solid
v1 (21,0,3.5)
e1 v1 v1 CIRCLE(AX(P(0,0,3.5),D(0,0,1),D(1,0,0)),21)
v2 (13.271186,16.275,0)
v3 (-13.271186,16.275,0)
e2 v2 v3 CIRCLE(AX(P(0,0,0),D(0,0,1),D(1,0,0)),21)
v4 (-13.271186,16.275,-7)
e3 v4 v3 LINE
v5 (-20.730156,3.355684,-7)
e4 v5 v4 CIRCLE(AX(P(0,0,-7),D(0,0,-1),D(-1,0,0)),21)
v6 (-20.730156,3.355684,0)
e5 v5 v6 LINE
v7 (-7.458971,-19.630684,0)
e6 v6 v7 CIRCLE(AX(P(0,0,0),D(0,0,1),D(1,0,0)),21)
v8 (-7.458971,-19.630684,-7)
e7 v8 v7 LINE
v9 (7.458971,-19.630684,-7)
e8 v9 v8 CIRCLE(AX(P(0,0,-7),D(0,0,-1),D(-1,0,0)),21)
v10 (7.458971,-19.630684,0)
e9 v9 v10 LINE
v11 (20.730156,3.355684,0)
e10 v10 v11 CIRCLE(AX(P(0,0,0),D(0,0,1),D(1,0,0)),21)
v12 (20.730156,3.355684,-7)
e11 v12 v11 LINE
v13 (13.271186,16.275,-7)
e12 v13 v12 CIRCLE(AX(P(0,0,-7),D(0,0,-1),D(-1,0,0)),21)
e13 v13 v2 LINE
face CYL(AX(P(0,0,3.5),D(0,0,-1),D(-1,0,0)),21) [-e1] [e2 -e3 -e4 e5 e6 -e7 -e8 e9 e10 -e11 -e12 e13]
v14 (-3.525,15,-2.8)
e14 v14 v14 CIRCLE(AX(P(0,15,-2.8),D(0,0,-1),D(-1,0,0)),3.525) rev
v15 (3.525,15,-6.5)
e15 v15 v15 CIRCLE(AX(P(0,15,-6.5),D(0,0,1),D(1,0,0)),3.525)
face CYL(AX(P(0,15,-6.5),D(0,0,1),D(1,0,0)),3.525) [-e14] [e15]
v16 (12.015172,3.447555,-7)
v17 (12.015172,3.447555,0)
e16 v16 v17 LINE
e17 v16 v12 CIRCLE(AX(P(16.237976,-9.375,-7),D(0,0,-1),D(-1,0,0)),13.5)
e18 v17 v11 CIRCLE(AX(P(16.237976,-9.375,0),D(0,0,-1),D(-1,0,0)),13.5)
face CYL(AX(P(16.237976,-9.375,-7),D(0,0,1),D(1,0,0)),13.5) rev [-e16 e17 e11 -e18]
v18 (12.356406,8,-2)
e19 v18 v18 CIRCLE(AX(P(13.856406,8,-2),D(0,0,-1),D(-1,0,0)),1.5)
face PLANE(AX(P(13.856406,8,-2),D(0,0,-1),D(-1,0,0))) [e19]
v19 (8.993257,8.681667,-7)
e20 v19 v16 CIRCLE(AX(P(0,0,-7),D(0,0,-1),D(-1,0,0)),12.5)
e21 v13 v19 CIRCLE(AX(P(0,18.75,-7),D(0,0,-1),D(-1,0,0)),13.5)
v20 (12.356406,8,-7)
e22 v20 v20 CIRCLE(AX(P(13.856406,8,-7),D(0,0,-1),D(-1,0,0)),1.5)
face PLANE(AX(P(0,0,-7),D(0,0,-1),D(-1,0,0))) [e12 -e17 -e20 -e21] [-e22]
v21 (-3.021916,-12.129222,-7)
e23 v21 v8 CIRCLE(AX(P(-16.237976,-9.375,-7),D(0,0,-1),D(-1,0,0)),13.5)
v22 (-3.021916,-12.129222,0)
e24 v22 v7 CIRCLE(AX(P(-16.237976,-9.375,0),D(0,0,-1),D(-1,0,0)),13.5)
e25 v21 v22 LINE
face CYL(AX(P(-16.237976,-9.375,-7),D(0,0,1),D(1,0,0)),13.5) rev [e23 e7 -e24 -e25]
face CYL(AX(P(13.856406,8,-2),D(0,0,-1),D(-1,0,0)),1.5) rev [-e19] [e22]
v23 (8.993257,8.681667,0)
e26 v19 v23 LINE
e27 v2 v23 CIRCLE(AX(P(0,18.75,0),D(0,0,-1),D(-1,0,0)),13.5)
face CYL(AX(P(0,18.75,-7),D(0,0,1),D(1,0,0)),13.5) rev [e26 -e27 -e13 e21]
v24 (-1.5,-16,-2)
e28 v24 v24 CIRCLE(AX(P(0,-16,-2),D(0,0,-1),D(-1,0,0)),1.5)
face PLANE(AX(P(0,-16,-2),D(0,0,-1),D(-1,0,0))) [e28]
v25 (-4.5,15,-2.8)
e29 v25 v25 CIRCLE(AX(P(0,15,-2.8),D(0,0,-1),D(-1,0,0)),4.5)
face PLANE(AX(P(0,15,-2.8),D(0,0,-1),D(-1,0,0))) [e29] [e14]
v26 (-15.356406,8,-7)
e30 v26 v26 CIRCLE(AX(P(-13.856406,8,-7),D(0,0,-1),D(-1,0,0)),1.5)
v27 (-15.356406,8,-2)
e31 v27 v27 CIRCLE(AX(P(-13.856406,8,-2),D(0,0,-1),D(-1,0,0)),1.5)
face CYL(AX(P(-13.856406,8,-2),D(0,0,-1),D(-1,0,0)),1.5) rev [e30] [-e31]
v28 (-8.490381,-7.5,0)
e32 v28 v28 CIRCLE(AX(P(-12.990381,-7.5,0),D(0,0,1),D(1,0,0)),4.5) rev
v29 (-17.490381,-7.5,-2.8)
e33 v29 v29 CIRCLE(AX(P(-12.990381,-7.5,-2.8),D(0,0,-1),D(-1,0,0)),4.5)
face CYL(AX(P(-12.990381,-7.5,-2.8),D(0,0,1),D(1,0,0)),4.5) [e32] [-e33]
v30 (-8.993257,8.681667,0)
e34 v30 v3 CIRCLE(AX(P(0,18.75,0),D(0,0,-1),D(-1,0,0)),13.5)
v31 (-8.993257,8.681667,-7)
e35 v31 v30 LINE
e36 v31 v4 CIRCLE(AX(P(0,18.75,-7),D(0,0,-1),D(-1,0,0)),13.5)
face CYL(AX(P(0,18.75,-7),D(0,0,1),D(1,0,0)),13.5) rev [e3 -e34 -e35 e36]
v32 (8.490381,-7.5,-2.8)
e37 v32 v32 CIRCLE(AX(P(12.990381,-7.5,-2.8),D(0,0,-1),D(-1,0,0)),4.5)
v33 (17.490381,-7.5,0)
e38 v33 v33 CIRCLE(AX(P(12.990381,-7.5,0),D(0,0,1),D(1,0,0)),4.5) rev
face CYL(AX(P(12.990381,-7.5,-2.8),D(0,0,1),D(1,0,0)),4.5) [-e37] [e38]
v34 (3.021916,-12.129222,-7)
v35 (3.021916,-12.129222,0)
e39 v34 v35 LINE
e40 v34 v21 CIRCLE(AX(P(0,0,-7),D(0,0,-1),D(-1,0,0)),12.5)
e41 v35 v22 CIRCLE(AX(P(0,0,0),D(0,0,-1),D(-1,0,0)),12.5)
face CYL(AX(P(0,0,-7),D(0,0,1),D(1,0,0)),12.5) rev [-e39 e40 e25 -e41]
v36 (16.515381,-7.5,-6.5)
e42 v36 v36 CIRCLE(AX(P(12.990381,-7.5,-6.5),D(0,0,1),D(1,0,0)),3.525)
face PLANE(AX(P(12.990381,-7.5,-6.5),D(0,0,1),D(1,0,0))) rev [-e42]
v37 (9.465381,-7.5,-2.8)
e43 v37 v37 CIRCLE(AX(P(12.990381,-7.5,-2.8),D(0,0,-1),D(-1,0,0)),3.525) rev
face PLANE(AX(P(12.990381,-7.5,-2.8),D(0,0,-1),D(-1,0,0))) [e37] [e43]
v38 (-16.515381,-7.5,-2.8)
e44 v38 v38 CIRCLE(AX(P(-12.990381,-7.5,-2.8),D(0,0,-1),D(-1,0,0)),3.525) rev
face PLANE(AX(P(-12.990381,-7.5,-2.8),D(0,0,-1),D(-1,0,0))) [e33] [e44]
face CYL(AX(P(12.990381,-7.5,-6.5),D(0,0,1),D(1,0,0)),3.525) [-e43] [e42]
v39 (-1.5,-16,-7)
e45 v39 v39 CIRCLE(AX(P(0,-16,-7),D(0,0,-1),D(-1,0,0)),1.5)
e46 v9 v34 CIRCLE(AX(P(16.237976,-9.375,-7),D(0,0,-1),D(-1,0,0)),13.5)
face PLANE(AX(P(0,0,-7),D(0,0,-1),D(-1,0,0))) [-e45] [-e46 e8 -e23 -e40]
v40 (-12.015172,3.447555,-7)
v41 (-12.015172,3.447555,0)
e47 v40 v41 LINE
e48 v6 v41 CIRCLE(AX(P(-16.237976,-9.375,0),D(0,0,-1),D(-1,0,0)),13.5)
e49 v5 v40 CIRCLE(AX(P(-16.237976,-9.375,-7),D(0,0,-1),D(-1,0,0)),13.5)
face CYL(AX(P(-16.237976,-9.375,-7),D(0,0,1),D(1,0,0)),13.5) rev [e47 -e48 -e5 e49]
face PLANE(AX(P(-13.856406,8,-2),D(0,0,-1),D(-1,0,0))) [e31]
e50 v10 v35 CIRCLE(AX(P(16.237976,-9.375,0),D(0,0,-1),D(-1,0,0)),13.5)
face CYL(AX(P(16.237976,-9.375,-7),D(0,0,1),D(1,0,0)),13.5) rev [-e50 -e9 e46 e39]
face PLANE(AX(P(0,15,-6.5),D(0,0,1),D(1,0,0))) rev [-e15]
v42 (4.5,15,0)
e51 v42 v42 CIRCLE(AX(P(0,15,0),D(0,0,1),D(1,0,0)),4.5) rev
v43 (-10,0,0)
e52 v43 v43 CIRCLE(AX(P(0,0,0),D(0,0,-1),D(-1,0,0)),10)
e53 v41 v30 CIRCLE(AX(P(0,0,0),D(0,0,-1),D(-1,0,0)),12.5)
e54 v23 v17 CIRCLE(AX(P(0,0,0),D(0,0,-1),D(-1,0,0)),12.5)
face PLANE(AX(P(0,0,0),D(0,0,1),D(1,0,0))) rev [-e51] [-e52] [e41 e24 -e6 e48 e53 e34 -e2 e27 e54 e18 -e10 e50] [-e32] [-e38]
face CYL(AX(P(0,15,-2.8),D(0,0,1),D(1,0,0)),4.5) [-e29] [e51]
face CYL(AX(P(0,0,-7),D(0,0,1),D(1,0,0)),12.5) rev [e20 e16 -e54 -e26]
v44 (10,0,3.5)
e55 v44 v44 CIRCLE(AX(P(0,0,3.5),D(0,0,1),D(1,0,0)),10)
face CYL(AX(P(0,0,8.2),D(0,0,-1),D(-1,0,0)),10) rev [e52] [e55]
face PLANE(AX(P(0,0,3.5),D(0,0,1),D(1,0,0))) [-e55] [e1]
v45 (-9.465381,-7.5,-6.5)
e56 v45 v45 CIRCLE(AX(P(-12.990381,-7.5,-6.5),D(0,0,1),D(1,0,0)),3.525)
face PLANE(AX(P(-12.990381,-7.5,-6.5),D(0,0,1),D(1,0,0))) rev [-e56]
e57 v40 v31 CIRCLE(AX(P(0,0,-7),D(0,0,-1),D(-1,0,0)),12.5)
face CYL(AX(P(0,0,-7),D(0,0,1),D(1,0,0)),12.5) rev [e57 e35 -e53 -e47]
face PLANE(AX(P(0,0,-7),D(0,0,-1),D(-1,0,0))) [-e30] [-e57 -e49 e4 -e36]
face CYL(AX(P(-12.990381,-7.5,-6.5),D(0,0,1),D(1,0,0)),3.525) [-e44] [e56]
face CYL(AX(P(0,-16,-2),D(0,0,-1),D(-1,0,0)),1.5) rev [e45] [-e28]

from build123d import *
from build123d.topology import SkipClean

# Parameters (mm, degrees)
SKETCH1_R           = 21
BOSS_EXTRUDE1_DEPTH = 3.5
SKETCH4_R           = 10
CUT_EXTRUDE1_DEPTH  = 8.2
SKETCH11_R          = 1.5
CUT_EXTRUDE2_DEPTH  = 10
BOSS_EXTRUDE2_START = 7
BOSS_EXTRUDE2_DEPTH = 7
SKETCH14_R          = 1.5
CUT_EXTRUDE3_DEPTH  = 5
SKETCH16_R          = 3.525
BOSS_EXTRUDE3_DEPTH = 10
SKETCH17_R          = 4.5
BOSS_EXTRUDE4_DEPTH = 2.8


with BuildPart() as part:
    # Sketch1 → Boss-Extrude1 (new body)
    with BuildSketch(Plane.XY):
        Circle(SKETCH1_R)
    extrude(amount=BOSS_EXTRUDE1_DEPTH)

    # Sketch4 → Cut-Extrude1 (cut)
    with BuildSketch(Plane(origin=(0, 0, 0), x_dir=(-1, 0, 0), z_dir=(0, 0, -1))):
        Circle(SKETCH4_R)
    extrude(amount=-CUT_EXTRUDE1_DEPTH, mode=Mode.SUBTRACT)

    # Sketch11 → Cut-Extrude2 (cut)
    with BuildSketch(Plane(origin=(0, 0, 0), x_dir=(-1, 0, 0), z_dir=(0, 0, -1))):
        with Locations((0, 15)):
            Circle(SKETCH11_R)
        with Locations((12.990381057, -7.5)):
            Circle(SKETCH11_R)
        with Locations((-12.990381057, -7.5)):
            Circle(SKETCH11_R)
    extrude(amount=-CUT_EXTRUDE2_DEPTH, mode=Mode.SUBTRACT)

    # Sketch3 → Boss-Extrude2 (add)
    with SkipClean():  # the faces are left unmerged after this step: merging them gives an invalid solid
        with BuildSketch(Plane(origin=(0, 0, 0), x_dir=(-1, 0, 0), z_dir=(0, 0, -1)).offset(BOSS_EXTRUDE2_START)):
            with BuildLine():
                ThreePointArc((-3.021915591, -12.129221993), (-4.618435811, -16.247865366), (-7.4589705, -19.630684121))
                ThreePointArc((-7.4589705, -19.630684121), (0, -21), (7.4589705, -19.630684121))
                ThreePointArc((7.4589705, -19.630684121), (4.618435811, -16.247865366), (3.021915591, -12.129221993))
                ThreePointArc((3.021915591, -12.129221993), (0, -12.5), (-3.021915591, -12.129221993))
            make_face()
            with BuildLine():
                ThreePointArc((-20.730156393, 3.355684121), (-16.38028207, 4.124249945), (-12.01517217, 3.447555327))
                ThreePointArc((-12.01517217, 3.447555327), (-10.825317547, 6.25), (-8.993256579, 8.681666667))
                ThreePointArc((-8.993256579, 8.681666667), (-11.761846259, 12.123615422), (-13.271185893, 16.275))
                ThreePointArc((-13.271185893, 16.275), (-18.186533479, 10.5), (-20.730156393, 3.355684121))
            make_face()
            with BuildLine():
                ThreePointArc((8.993256579, 8.681666667), (10.825317547, 6.25), (12.01517217, 3.447555327))
                ThreePointArc((12.01517217, 3.447555327), (16.38028207, 4.124249945), (20.730156393, 3.355684121))
                ThreePointArc((20.730156393, 3.355684121), (18.186533479, 10.5), (13.271185893, 16.275))
                ThreePointArc((13.271185893, 16.275), (11.761846259, 12.123615422), (8.993256579, 8.681666667))
            make_face()
        extrude(amount=-BOSS_EXTRUDE2_DEPTH)

    # Sketch14 → Cut-Extrude3 (cut)
    with SkipClean():  # the faces are left unmerged after this step: merging them gives an invalid solid
        with BuildSketch(Plane(origin=(0, 0, -7), x_dir=(-1, 0, 0), z_dir=(0, 0, -1))):
            with Locations((13.856406461, 8)):
                Circle(SKETCH14_R)
            with Locations((0, -16)):
                Circle(SKETCH14_R)
            with Locations((-13.856406461, 8)):
                Circle(SKETCH14_R)
        extrude(amount=-CUT_EXTRUDE3_DEPTH, mode=Mode.SUBTRACT)

    # Sketch16 → Boss-Extrude3 (add)
    with SkipClean():  # the faces are left unmerged after this step: merging them gives an invalid solid
        with BuildSketch(Plane.XY.offset(3.5)):
            with Locations((0, 15)):
                Circle(SKETCH16_R)
            with Locations((12.990381057, -7.5)):
                Circle(SKETCH16_R)
            with Locations((-12.990381057, -7.5)):
                Circle(SKETCH16_R)
        extrude(amount=-BOSS_EXTRUDE3_DEPTH)

    # Sketch17 → Boss-Extrude4 (add)
    with SkipClean():  # the faces are left unmerged after this step: merging them gives an invalid solid
        with BuildSketch(Plane(origin=(0, 0, 0), x_dir=(-1, 0, 0), z_dir=(0, 0, -1))):
            with Locations(Location((0, 15, 0), (0, 0, 180))):
                Circle(SKETCH17_R)
            with Locations(Location((12.990381057, -7.5, 0), (0, 0, 180))):
                Circle(SKETCH17_R)
            with Locations(Location((-12.990381057, -7.5, 0), (0, 0, 180))):
                Circle(SKETCH17_R)
        extrude(amount=BOSS_EXTRUDE4_DEPTH)


solid = part.part
